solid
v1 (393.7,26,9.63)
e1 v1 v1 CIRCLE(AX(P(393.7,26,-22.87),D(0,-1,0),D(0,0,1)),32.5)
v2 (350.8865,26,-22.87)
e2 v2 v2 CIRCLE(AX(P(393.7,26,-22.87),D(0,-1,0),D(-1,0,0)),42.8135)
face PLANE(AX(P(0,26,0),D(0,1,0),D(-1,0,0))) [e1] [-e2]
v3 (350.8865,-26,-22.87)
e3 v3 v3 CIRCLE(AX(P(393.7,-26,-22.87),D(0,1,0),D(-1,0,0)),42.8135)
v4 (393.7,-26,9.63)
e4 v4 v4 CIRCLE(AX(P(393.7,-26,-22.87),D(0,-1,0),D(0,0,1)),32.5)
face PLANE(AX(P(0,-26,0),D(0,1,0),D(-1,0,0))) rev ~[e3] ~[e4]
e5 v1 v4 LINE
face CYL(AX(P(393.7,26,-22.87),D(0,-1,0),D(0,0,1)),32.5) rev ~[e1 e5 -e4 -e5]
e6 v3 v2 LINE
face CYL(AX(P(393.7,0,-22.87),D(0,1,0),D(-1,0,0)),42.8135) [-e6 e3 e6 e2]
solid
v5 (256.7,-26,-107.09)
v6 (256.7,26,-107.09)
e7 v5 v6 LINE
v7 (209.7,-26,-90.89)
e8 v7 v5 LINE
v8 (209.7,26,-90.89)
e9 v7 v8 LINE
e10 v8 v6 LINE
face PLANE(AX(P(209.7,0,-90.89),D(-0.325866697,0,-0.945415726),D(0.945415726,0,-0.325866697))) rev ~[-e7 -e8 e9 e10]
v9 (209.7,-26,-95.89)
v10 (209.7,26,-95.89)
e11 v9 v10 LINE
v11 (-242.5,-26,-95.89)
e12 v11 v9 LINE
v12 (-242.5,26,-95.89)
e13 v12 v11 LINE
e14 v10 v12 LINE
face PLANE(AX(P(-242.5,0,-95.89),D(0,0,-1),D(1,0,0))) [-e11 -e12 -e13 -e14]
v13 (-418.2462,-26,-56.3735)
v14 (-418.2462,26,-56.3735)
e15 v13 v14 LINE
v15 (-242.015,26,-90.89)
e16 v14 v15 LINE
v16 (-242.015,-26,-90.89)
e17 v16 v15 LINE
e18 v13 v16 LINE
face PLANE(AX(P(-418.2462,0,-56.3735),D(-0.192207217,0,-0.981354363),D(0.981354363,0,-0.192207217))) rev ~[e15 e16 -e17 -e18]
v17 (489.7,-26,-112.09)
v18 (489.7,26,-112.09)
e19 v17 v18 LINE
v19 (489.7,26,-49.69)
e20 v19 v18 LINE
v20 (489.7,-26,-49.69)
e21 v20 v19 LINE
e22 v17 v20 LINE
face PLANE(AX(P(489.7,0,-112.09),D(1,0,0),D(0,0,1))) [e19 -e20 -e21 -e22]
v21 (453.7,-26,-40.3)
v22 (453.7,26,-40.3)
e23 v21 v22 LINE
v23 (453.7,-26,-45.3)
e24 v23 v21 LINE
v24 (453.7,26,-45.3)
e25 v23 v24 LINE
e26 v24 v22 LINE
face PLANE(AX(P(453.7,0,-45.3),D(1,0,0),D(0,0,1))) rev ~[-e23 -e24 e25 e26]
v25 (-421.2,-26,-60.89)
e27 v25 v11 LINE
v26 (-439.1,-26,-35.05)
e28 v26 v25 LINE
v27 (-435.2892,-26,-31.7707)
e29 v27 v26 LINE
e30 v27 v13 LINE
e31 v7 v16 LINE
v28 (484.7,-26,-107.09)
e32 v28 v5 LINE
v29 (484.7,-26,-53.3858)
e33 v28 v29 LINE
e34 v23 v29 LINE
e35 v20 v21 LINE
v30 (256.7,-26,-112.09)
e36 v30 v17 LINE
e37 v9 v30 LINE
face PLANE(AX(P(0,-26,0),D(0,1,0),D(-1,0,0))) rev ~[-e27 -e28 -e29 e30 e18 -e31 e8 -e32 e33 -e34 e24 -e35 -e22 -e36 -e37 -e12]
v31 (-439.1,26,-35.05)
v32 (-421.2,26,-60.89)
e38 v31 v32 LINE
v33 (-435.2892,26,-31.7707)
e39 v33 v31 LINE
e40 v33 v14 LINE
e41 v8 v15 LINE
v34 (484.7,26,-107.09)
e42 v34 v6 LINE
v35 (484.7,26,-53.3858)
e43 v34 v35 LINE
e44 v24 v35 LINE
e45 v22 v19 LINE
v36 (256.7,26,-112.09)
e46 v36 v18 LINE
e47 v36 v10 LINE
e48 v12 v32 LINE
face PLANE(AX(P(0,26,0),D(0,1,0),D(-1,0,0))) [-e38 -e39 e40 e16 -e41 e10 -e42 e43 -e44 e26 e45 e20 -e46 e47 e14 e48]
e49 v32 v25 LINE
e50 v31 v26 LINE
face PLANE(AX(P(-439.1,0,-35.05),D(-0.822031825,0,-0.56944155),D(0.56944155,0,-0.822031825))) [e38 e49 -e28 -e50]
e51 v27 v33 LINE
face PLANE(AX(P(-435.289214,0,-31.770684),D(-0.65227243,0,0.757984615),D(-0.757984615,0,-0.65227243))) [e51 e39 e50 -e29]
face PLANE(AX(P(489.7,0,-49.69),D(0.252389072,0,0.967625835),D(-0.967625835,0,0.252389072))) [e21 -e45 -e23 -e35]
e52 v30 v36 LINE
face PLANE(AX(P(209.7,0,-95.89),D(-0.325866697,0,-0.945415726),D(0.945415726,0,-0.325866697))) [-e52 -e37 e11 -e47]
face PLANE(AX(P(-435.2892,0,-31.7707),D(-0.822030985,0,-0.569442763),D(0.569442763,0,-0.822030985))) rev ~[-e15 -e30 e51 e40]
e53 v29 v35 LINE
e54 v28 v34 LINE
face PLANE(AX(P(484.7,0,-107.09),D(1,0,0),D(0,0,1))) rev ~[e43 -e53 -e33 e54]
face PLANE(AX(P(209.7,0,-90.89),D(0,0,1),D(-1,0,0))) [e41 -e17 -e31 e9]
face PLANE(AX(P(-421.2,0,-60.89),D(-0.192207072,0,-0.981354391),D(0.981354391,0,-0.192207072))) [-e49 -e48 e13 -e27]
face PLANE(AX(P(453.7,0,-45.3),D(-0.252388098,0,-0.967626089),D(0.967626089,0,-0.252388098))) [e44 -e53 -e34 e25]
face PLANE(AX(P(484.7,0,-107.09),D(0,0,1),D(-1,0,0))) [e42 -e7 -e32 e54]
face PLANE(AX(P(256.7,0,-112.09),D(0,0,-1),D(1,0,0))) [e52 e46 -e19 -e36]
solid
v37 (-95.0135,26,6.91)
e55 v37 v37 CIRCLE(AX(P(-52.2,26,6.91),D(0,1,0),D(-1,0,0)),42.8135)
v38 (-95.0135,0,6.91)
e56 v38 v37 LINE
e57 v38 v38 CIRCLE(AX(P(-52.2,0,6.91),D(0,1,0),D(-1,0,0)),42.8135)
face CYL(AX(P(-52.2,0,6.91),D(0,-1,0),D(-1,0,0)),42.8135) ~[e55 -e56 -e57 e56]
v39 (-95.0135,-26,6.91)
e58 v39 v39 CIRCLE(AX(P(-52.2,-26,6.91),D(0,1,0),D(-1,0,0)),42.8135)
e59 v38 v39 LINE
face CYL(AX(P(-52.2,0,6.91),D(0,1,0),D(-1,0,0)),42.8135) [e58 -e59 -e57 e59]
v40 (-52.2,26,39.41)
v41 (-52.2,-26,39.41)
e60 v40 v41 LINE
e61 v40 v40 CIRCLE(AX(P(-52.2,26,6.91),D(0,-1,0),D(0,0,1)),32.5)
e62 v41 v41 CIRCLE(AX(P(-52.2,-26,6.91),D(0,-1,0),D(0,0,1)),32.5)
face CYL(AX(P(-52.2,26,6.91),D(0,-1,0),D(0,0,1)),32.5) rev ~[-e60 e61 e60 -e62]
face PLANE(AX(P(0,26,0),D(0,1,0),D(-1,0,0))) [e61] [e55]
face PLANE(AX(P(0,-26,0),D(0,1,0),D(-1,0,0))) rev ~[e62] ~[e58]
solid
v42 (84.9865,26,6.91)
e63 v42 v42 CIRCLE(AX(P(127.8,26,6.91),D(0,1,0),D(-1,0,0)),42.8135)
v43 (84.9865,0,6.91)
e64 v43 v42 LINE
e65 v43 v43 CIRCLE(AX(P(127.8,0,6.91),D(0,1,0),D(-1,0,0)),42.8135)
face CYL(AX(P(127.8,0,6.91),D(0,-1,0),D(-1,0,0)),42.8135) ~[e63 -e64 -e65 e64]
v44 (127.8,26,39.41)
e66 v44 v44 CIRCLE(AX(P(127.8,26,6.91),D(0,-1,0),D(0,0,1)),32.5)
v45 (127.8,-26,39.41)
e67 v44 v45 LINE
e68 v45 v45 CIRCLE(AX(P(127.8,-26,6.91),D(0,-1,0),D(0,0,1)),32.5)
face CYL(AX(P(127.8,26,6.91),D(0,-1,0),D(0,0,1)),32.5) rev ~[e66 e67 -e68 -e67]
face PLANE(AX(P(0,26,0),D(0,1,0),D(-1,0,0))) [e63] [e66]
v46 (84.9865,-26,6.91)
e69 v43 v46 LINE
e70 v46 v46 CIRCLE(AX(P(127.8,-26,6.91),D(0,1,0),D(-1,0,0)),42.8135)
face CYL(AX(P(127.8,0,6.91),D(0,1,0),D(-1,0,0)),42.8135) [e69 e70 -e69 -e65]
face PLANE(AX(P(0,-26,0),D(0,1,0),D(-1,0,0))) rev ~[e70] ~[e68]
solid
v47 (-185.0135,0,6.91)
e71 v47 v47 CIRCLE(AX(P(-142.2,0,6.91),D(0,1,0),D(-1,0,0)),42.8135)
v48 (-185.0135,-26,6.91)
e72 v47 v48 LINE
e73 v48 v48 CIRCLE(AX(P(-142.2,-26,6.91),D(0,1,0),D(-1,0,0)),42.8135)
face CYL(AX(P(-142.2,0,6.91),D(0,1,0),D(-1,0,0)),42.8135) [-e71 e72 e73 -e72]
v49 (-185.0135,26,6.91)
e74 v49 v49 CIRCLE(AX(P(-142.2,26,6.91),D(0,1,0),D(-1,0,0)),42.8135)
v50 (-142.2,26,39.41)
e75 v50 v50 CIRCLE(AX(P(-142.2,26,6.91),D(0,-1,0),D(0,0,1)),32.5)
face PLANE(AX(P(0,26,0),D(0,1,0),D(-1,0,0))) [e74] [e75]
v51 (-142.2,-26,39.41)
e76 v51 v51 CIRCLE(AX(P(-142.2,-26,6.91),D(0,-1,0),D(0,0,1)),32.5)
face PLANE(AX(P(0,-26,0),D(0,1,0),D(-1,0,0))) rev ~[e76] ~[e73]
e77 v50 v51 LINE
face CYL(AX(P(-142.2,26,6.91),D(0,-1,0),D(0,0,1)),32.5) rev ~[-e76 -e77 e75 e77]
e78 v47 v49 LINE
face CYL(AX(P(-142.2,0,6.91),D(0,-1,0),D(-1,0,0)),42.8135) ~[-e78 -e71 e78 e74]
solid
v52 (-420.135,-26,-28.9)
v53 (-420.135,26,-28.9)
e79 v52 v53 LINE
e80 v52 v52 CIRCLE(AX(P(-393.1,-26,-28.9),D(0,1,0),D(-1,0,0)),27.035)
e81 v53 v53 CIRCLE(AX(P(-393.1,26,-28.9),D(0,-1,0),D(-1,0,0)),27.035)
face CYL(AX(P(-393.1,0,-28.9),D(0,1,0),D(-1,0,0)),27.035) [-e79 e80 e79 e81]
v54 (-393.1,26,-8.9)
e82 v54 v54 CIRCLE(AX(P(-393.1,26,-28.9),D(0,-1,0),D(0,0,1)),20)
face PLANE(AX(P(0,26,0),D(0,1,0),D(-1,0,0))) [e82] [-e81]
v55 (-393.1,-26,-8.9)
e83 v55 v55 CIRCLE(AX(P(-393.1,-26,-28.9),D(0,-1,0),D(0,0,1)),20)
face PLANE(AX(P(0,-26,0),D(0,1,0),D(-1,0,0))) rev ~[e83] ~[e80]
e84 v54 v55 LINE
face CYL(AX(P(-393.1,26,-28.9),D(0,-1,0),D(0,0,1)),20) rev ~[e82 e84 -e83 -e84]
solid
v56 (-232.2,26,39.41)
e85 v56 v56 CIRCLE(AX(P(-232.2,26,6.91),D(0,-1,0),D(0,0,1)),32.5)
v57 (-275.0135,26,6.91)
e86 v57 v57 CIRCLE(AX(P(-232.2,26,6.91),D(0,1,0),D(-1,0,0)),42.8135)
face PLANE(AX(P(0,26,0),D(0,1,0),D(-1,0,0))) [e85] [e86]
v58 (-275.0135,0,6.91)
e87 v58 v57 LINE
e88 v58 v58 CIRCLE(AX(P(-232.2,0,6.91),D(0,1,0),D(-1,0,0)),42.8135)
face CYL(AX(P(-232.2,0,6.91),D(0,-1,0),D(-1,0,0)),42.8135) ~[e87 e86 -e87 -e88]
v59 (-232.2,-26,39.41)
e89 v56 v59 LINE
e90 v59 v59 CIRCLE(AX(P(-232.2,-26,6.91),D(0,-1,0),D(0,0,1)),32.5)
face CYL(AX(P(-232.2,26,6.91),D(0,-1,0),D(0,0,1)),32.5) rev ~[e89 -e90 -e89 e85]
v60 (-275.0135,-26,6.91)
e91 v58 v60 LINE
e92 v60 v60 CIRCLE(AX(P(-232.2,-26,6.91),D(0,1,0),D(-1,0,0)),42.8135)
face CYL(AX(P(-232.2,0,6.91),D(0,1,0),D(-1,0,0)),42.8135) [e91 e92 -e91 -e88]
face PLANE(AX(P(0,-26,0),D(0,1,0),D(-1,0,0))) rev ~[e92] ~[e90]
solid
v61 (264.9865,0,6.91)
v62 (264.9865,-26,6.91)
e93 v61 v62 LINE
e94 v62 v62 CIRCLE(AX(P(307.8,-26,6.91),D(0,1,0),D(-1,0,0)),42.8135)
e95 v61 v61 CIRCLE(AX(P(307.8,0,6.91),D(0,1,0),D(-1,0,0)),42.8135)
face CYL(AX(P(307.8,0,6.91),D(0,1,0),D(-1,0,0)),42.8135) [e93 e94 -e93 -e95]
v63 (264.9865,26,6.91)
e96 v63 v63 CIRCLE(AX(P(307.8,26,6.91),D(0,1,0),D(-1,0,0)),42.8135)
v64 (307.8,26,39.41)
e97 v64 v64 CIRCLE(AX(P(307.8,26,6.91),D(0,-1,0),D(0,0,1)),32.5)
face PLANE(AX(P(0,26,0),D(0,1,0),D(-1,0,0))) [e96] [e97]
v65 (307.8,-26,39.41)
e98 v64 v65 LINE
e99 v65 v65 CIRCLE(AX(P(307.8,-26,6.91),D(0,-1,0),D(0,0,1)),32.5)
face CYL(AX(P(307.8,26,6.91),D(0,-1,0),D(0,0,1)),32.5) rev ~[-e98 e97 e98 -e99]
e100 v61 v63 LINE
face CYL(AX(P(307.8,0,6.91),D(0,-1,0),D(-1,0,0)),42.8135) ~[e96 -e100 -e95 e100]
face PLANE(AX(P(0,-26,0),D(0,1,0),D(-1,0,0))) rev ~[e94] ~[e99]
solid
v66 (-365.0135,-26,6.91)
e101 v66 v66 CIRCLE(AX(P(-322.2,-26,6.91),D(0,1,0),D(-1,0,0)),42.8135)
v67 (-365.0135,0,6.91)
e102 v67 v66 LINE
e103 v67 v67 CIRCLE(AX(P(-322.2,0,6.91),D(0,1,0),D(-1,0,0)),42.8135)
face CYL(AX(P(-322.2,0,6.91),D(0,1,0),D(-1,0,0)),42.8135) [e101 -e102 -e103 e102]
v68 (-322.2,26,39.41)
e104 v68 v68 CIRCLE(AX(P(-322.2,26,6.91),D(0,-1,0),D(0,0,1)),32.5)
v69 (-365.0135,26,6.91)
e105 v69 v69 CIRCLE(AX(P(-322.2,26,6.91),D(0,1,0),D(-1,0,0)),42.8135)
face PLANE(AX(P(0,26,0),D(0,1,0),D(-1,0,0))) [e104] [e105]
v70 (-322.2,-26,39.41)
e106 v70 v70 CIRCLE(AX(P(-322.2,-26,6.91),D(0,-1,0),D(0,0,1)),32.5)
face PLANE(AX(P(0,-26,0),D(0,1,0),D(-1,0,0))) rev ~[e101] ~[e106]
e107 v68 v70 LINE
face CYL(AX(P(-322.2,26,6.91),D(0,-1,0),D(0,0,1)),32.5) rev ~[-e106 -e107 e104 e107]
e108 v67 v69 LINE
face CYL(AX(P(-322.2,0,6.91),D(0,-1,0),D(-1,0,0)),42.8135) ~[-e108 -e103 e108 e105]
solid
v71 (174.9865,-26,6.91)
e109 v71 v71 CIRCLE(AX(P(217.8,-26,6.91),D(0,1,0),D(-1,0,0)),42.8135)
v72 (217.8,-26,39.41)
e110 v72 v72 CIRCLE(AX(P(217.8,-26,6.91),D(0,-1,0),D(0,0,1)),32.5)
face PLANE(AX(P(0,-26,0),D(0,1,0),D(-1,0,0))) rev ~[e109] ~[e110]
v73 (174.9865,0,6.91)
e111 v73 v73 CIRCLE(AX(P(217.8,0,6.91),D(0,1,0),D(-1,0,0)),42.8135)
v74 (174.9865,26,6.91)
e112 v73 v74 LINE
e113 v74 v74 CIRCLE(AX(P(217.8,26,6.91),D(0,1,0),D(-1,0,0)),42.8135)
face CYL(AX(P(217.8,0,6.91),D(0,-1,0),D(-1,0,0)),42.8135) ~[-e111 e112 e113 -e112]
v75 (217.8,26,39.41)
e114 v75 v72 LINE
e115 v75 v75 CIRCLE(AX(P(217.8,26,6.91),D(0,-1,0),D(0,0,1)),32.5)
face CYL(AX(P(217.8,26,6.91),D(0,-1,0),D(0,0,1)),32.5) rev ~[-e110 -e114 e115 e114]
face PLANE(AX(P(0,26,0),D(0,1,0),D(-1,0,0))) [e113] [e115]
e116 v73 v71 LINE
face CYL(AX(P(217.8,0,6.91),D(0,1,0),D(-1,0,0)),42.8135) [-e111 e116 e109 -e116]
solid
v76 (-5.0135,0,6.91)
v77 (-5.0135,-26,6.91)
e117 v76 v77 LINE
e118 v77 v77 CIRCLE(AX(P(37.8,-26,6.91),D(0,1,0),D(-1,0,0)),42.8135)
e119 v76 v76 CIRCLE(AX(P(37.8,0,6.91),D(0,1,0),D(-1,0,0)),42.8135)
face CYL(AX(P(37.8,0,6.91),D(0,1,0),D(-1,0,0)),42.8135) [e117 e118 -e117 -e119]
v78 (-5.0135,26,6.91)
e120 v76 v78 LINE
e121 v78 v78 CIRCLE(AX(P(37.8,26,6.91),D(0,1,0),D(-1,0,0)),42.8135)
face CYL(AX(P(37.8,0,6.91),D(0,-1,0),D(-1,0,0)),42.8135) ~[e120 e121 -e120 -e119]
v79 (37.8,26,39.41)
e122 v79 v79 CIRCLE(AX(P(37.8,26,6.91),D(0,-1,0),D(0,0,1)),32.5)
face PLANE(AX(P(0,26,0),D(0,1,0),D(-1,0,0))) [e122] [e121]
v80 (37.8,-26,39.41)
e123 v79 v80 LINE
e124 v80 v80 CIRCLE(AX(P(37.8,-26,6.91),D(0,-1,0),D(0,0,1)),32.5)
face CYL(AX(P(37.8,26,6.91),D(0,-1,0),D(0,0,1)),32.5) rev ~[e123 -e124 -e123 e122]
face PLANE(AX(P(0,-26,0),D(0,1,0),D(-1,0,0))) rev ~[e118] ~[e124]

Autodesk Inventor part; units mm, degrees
ref_plane "YZ Plane" through (0, 0, 0) normal (1, 0, 0) x (0, 1, 0)
ref_plane "XY Plane" through (0, 0, 0) normal (0, 0, 1) x (1, 0, 0)
sketch "Sketch1" plane through (0, 0, 0) normal (0, 1, 0) x (-1, 0, 0)
  line L0 (0, -144.8636) -> (0, 84.5516) construction
  line L1 (624.86, 0) -> (-675.46, 0) construction
  line L2 (338.2, 51.778) -> (439.1, -35.05)
  line L3 (439.1, -35.05) -> (421.2, -60.89)
  line L4 (421.2, -60.89) -> (242.5, -95.89)
  line L5 (242.5, -95.89) -> (-209.7, -95.89)
  line L6 (-209.7, -95.89) -> (-256.7, -112.09)
  line L7 (-256.7, -112.09) -> (-489.7, -112.09)
  line L8 (-489.7, -112.09) -> (-489.7, -49.69)
  line L9 (-489.7, -49.69) -> (-453.7, -40.3)
  line L10 (-453.7, -40.3) -> (-431.7, 3.13)
  line L11 (-431.7, 3.13) -> (-349.7, 51.778)
  line L12 (-349.7, 51.778) -> (338.2, 51.778)
  circle A0 centre (393.1, -28.9) radius 27.035
  circle A1 centre (322.2, 6.91) radius 42.8135
  circle A2 centre (232.2, 6.91) radius 42.8135
  circle A3 centre (142.2, 6.91) radius 42.8135
  circle A4 centre (52.2, 6.91) radius 42.8135
  circle A5 centre (-37.8, 6.91) radius 42.8135
  circle A6 centre (-127.8, 6.91) radius 42.8135
  circle A7 centre (-217.8, 6.91) radius 42.8135
  circle A8 centre (-307.8, 6.91) radius 42.8135
  circle A9 centre (-393.7, -22.87) radius 42.8135
  line L13 (435.2892, -31.7707) -> (414.1627, -62.2683)
  line L14 (418.2462, -56.3735) -> (216.4864, -95.89)
  line L15 (-209.7, -90.89) -> (242.015, -90.89)
  line L16 (-489.7, -107.09) -> (-242.1938, -107.09)
  line L17 (-209.7, -90.89) -> (-256.7, -107.09)
  line L18 (-484.7, -107.09) -> (-484.7, -48.3858)
  line L19 (-453.7, -45.3) -> (-453.7, -40.3)
  line L20 (-453.7, -45.3) -> (-484.7, -53.3858)
  point P0 (0, 0)
  dimension "d0" = 51.778
  dimension "d1" = 35.05
  dimension "d2" = 60.89
  dimension "d3" = 95.89
  dimension "d4" = 95.89
  dimension "d5" = 112.09
  dimension "d6" = 112.09
  dimension "d8" = 40.3
  dimension "d9" = 49.69
  dimension "d10" = 3.13
  dimension "d11" = 51.778
  dimension "d12" = 338.2
  dimension "d13" = 439.1
  dimension "d14" = 421.2
  dimension "d15" = 242.5
  dimension "d16" = 489.7
  dimension "d17" = 256.7
  dimension "d18" = 209.7
  dimension "d19" = 489.7
  dimension "d20" = 453.7
  dimension "d21" = 431.7
  dimension "d22" = 349.7
  dimension "d25" = 393.1
  dimension "d26" = 28.9
  dimension "d27" = 54.07
  dimension "d28" = 322.2
  dimension "d29" = 6.91
  dimension "d30" = 85.627
  dimension "d31" = 90
  dimension "d32" = 90
  dimension "d33" = 6.91
  dimension "d34" = 6.91
  dimension "d35" = 90
  dimension "d36" = 6.91
  dimension "d37" = 90
  dimension "d38" = 6.91
  dimension "d39" = 90
  dimension "d40" = 6.91
  dimension "d41" = 90
  dimension "d42" = 6.91
  dimension "d43" = 90
  dimension "d44" = 6.91
  dimension "d45" = 85.627
  dimension "d46" = 85.627
  dimension "d47" = 85.627
  dimension "d48" = 85.627
  dimension "d49" = 85.627
  dimension "d50" = 85.627
  dimension "d51" = 85.627
  dimension "d52" = 393.7
  dimension "d53" = 22.87
  dimension "d54" = 85.627
  dimension "d55" = 5
  dimension "d56" = 5
  dimension "d57" = 5
  dimension "d58" = 209.7
  dimension "d59" = 5
  dimension "d60" = 5
  dimension "d61" = 5
extrude "Extrusion2" add sketch "Sketch1" along normal mid plane 52 contours L2 L3 L4 L13 | A0 L2 | L2 A0 | L13 L4 L5 L14 | L14 L5 L6 L16 L17 L15 | L16 L6 L7 L8 | A9 L11 | L11 A9 | L16 L8 L9 L18 | L18 L9 L19 L20 | A1 | A2 | A3 | A4 | A5 | A6 | A7 | A8
sketch "Sketch2" plane through (-393.1, 26, -28.9) normal (0, 1, 0) x (1, 0, 0)
  circle A0 centre (0, 0) radius 27.035 projected
  point P0 (393.1, -28.9)
hole "Hole1" at (-393.1, 26, -28.9) direction (0, -1, 0) diameter 40 end through all
sketch "Sketch3" plane through (-322.2, 26, 6.91) normal (0, 1, 0) x (1, 0, 0)
  circle A0 centre (0, 0) radius 42.8135 projected
  circle A1 centre (90, 0) radius 42.8135 projected
  circle A2 centre (180, 0) radius 42.8135 projected
  circle A3 centre (270, 0) radius 42.8135 projected
  circle A4 centre (360, 0) radius 42.8135 projected
  circle A5 centre (450, 0) radius 42.8135 projected
  circle A6 centre (540, 0) radius 42.8135 projected
  circle A7 centre (630, 0) radius 42.8135 projected
  circle A8 centre (715.9, 29.78) radius 42.8135 projected
  point P0 (322.2, 6.91)
hole "Hole2" at (-322.2, 26, 6.91) at (-232.2, 26, 6.91) at (-142.2, 26, 6.91) at (-52.2, 26, 6.91) at (37.8, 26, 6.91) at (127.8, 26, 6.91) at (217.8, 26, 6.91) at (307.8, 26, 6.91) at (393.7, 26, -22.87) direction (0, -1, 0) diameter 65 end through all
properties part number "Track_mass_and_inertia"
